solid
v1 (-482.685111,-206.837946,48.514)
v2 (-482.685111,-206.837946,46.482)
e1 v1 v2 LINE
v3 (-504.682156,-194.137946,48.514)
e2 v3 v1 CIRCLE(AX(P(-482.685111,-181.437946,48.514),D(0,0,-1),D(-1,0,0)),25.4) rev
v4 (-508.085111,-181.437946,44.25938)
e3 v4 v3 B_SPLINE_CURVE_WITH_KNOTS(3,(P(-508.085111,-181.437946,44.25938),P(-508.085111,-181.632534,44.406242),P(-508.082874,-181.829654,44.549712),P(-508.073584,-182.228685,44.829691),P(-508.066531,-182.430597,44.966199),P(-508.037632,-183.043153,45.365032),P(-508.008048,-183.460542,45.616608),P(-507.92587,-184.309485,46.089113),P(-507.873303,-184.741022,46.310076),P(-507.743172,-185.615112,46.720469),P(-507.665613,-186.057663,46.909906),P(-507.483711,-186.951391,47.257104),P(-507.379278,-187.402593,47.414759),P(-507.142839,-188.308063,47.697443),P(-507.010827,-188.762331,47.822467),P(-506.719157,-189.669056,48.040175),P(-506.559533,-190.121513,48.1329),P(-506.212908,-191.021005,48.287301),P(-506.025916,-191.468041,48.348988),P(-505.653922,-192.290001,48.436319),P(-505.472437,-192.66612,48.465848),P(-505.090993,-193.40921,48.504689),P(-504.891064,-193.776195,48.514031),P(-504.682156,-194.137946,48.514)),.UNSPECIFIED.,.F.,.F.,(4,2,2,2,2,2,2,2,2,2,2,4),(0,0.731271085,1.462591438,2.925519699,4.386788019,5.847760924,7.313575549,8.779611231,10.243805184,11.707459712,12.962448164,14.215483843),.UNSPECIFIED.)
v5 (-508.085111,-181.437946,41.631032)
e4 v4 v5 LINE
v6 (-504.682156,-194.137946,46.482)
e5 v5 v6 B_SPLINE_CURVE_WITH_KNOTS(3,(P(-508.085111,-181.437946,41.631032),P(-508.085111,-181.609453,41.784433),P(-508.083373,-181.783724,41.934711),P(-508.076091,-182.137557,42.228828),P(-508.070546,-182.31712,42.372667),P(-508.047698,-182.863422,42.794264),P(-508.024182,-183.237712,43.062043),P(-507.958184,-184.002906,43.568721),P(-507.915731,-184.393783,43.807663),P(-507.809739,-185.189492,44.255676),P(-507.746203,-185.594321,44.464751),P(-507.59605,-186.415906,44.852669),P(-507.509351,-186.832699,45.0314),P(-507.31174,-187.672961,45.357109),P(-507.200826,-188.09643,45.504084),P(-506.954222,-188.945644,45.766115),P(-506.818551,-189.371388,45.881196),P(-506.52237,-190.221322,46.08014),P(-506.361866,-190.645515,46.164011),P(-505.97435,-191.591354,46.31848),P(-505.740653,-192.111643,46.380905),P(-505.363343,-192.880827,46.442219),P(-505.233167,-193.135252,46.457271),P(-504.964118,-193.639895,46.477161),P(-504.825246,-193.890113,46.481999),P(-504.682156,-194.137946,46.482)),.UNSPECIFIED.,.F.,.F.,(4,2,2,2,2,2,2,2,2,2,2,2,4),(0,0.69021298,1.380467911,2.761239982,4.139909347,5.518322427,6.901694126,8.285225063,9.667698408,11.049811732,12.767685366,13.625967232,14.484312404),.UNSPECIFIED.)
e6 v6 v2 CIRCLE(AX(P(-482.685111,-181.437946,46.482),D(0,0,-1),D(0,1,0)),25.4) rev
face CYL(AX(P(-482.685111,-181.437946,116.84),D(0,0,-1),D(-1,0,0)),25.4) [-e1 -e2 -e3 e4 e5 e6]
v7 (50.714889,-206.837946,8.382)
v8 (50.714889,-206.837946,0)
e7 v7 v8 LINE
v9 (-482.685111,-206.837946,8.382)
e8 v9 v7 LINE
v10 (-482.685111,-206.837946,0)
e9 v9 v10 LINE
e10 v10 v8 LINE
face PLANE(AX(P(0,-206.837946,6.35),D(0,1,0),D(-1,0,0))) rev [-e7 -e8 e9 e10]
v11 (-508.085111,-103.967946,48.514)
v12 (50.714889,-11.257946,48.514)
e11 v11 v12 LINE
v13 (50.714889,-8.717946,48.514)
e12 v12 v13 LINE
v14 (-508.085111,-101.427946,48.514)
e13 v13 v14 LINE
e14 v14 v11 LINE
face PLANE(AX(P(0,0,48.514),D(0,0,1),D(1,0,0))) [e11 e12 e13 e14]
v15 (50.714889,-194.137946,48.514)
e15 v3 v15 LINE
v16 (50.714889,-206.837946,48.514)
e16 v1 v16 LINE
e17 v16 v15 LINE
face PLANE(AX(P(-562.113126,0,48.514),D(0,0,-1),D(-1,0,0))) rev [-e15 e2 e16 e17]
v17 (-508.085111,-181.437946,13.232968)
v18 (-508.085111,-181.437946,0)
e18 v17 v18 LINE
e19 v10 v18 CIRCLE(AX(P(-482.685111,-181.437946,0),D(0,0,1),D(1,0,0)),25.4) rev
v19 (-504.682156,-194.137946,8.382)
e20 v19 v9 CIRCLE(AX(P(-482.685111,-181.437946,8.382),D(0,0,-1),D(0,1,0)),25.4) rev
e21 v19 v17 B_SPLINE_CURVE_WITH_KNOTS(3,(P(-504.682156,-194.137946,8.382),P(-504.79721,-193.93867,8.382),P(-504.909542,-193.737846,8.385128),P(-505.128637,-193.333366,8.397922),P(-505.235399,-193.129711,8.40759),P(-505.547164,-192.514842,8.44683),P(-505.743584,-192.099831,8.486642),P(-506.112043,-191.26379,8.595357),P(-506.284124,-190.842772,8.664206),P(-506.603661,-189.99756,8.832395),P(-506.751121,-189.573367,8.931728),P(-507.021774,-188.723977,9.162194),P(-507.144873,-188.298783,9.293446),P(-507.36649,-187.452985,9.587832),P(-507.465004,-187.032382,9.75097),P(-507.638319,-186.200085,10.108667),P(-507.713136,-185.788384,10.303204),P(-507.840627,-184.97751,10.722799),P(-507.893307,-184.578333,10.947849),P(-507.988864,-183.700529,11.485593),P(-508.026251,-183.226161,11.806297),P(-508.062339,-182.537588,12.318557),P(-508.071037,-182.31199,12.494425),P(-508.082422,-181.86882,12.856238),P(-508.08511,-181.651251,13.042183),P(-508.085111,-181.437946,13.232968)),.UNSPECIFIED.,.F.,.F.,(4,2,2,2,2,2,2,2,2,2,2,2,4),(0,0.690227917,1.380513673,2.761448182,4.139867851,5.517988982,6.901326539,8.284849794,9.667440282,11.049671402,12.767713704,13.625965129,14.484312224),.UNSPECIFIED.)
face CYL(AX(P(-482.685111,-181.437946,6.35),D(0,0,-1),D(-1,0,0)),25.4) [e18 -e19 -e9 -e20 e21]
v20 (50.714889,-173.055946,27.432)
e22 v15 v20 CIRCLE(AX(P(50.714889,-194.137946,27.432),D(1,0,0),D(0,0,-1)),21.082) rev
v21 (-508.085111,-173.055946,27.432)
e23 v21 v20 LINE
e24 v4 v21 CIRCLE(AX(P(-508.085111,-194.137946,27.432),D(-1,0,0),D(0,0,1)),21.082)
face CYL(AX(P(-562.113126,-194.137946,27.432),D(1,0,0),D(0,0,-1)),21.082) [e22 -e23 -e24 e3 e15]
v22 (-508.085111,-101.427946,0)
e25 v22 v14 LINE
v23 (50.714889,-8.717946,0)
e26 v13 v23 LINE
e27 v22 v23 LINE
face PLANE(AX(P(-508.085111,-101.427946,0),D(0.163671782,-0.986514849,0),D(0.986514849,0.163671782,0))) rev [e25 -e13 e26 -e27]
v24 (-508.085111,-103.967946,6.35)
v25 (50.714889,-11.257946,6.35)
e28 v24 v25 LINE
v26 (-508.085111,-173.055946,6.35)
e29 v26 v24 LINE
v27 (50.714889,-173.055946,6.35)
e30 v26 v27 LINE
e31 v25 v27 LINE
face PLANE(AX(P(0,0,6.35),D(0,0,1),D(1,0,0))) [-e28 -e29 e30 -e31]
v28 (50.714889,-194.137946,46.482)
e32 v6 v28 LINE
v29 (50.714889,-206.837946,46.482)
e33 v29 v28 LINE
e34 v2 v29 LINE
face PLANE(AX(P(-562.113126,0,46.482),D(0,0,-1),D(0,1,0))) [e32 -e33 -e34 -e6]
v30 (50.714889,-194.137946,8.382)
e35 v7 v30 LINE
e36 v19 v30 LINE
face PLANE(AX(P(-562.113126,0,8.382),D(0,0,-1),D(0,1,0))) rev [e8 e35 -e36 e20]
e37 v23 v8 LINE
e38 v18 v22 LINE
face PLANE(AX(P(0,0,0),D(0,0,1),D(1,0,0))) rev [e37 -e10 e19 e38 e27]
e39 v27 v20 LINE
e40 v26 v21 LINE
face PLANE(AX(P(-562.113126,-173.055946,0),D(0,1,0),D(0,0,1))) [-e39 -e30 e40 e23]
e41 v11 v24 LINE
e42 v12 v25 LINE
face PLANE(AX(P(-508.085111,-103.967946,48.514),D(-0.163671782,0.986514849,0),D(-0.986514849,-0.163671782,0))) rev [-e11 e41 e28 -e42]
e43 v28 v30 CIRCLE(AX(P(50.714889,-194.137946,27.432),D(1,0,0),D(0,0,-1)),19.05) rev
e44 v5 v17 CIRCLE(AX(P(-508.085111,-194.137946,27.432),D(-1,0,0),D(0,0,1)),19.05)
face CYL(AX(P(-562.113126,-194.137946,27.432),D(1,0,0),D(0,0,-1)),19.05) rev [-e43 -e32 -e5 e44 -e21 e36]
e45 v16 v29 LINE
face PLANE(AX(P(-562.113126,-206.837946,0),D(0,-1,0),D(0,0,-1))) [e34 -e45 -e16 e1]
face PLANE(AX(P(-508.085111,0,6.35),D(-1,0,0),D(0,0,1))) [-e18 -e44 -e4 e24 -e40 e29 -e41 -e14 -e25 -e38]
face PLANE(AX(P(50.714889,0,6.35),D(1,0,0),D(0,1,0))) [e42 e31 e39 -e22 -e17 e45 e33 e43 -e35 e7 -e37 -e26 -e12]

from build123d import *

# Parameters (mm, degrees)
BOSS_EXTRUDE1_DEPTH     = 6.35
BOSS_EXTRUDE7_DEPTH     = 558.8
CUT_EXTRUDE1_DEPTH      = 551.191074589
CUT_EXTRUDE1_DEPTH_BACK = 551.191074589
BOSS_EXTRUDE8_DEPTH     = 42.164
CUT_EXTRUDE2_DEPTH      = 110.49


with BuildPart() as part:
    # Sketch1 → Boss-Extrude1 (new body)
    with BuildSketch(Plane.XY):
        with BuildLine():
            Line((-508.085110878, -34.117945662), (-508.085110878, -168.737945662))
            Line((-508.085110878, -168.737945662), (-508.085110878, -181.437945662))
            ThreePointArc((-508.085110878, -181.437945662), (-500.64562312, -199.398457904), (-482.685110878, -206.837945662))
            Line((-482.685110878, -206.837945662), (50.714889122, -206.837945662))
            Line((50.714889122, -206.837945662), (50.714889122, -8.717945662))
            Line((50.714889122, -8.717945662), (-482.685110878, -8.717945662))
            ThreePointArc((-482.685110878, -8.717945662), (-500.64562312, -16.15743342), (-508.085110878, -34.117945662))
        make_face()
    extrude(amount=BOSS_EXTRUDE1_DEPTH)

    # Sketch3 → Boss-Extrude7 (add)
    with BuildSketch(Plane(origin=(50.714889122, 0, 0), x_dir=(0, 0, -1), z_dir=(1, 0, 0))):
        with BuildLine():
            Line((-6.35, -173.055945662), (-27.432, -173.055945662))
            ThreePointArc((-27.432, -173.055945662), (-42.339225161, -179.230720501), (-48.514, -194.137945662))
            Line((-48.514, -194.137945662), (-48.514, -206.837945662))
            Line((-48.514, -206.837945662), (-46.482, -206.837945662))
            Line((-46.482, -206.837945662), (-46.482, -194.137945662))
            ThreePointArc((-46.482, -194.137945662), (-27.432, -175.087945662), (-8.382, -194.137945662))
            Line((-8.382, -194.137945662), (-8.382, -206.837945662))
            Line((-8.382, -206.837945662), (-6.35, -206.837945662))
            Line((-6.35, -206.837945662), (-6.35, -173.055945662))
        make_face()
    extrude(amount=-BOSS_EXTRUDE7_DEPTH)

    # Sketch4 → Cut-Extrude1 (cut, two sides: drawn at the far end of the back side and taken through both)
    with BuildSketch(Plane.XY.offset(6.35).offset(-CUT_EXTRUDE1_DEPTH_BACK)):
        Polygon((-508.085110878, -101.427945662), (50.714889122, -8.717945662), (-523.466542696, -8.717945662), align=None)
    extrude(amount=CUT_EXTRUDE1_DEPTH + CUT_EXTRUDE1_DEPTH_BACK, mode=Mode.SUBTRACT)

    # Sketch5 → Boss-Extrude8 (add, through all)
    with BuildSketch(Plane.XY.offset(6.35)):
        Polygon((-508.085110878, -101.427945662), (50.714889122, -8.717945662), (50.714889122, -11.257945662), (-508.085110878, -103.967945662), align=None)
    extrude(amount=BOSS_EXTRUDE8_DEPTH)

    # Sketch6 → Cut-Extrude2 (cut)
    with BuildSketch(Plane(origin=(0, 0, 6.35), x_dir=(-1, 0, 0), z_dir=(0, 0, -1))):
        with BuildLine():
            Line((482.685110878, -206.837945662), (508.085110878, -206.837945662))
            Line((508.085110878, -206.837945662), (508.085110878, -181.437945662))
            ThreePointArc((508.085110878, -181.437945662), (500.64562312, -199.398457904), (482.685110878, -206.837945662))
        make_face()
    extrude(amount=-CUT_EXTRUDE2_DEPTH, mode=Mode.SUBTRACT)


solid = part.part
